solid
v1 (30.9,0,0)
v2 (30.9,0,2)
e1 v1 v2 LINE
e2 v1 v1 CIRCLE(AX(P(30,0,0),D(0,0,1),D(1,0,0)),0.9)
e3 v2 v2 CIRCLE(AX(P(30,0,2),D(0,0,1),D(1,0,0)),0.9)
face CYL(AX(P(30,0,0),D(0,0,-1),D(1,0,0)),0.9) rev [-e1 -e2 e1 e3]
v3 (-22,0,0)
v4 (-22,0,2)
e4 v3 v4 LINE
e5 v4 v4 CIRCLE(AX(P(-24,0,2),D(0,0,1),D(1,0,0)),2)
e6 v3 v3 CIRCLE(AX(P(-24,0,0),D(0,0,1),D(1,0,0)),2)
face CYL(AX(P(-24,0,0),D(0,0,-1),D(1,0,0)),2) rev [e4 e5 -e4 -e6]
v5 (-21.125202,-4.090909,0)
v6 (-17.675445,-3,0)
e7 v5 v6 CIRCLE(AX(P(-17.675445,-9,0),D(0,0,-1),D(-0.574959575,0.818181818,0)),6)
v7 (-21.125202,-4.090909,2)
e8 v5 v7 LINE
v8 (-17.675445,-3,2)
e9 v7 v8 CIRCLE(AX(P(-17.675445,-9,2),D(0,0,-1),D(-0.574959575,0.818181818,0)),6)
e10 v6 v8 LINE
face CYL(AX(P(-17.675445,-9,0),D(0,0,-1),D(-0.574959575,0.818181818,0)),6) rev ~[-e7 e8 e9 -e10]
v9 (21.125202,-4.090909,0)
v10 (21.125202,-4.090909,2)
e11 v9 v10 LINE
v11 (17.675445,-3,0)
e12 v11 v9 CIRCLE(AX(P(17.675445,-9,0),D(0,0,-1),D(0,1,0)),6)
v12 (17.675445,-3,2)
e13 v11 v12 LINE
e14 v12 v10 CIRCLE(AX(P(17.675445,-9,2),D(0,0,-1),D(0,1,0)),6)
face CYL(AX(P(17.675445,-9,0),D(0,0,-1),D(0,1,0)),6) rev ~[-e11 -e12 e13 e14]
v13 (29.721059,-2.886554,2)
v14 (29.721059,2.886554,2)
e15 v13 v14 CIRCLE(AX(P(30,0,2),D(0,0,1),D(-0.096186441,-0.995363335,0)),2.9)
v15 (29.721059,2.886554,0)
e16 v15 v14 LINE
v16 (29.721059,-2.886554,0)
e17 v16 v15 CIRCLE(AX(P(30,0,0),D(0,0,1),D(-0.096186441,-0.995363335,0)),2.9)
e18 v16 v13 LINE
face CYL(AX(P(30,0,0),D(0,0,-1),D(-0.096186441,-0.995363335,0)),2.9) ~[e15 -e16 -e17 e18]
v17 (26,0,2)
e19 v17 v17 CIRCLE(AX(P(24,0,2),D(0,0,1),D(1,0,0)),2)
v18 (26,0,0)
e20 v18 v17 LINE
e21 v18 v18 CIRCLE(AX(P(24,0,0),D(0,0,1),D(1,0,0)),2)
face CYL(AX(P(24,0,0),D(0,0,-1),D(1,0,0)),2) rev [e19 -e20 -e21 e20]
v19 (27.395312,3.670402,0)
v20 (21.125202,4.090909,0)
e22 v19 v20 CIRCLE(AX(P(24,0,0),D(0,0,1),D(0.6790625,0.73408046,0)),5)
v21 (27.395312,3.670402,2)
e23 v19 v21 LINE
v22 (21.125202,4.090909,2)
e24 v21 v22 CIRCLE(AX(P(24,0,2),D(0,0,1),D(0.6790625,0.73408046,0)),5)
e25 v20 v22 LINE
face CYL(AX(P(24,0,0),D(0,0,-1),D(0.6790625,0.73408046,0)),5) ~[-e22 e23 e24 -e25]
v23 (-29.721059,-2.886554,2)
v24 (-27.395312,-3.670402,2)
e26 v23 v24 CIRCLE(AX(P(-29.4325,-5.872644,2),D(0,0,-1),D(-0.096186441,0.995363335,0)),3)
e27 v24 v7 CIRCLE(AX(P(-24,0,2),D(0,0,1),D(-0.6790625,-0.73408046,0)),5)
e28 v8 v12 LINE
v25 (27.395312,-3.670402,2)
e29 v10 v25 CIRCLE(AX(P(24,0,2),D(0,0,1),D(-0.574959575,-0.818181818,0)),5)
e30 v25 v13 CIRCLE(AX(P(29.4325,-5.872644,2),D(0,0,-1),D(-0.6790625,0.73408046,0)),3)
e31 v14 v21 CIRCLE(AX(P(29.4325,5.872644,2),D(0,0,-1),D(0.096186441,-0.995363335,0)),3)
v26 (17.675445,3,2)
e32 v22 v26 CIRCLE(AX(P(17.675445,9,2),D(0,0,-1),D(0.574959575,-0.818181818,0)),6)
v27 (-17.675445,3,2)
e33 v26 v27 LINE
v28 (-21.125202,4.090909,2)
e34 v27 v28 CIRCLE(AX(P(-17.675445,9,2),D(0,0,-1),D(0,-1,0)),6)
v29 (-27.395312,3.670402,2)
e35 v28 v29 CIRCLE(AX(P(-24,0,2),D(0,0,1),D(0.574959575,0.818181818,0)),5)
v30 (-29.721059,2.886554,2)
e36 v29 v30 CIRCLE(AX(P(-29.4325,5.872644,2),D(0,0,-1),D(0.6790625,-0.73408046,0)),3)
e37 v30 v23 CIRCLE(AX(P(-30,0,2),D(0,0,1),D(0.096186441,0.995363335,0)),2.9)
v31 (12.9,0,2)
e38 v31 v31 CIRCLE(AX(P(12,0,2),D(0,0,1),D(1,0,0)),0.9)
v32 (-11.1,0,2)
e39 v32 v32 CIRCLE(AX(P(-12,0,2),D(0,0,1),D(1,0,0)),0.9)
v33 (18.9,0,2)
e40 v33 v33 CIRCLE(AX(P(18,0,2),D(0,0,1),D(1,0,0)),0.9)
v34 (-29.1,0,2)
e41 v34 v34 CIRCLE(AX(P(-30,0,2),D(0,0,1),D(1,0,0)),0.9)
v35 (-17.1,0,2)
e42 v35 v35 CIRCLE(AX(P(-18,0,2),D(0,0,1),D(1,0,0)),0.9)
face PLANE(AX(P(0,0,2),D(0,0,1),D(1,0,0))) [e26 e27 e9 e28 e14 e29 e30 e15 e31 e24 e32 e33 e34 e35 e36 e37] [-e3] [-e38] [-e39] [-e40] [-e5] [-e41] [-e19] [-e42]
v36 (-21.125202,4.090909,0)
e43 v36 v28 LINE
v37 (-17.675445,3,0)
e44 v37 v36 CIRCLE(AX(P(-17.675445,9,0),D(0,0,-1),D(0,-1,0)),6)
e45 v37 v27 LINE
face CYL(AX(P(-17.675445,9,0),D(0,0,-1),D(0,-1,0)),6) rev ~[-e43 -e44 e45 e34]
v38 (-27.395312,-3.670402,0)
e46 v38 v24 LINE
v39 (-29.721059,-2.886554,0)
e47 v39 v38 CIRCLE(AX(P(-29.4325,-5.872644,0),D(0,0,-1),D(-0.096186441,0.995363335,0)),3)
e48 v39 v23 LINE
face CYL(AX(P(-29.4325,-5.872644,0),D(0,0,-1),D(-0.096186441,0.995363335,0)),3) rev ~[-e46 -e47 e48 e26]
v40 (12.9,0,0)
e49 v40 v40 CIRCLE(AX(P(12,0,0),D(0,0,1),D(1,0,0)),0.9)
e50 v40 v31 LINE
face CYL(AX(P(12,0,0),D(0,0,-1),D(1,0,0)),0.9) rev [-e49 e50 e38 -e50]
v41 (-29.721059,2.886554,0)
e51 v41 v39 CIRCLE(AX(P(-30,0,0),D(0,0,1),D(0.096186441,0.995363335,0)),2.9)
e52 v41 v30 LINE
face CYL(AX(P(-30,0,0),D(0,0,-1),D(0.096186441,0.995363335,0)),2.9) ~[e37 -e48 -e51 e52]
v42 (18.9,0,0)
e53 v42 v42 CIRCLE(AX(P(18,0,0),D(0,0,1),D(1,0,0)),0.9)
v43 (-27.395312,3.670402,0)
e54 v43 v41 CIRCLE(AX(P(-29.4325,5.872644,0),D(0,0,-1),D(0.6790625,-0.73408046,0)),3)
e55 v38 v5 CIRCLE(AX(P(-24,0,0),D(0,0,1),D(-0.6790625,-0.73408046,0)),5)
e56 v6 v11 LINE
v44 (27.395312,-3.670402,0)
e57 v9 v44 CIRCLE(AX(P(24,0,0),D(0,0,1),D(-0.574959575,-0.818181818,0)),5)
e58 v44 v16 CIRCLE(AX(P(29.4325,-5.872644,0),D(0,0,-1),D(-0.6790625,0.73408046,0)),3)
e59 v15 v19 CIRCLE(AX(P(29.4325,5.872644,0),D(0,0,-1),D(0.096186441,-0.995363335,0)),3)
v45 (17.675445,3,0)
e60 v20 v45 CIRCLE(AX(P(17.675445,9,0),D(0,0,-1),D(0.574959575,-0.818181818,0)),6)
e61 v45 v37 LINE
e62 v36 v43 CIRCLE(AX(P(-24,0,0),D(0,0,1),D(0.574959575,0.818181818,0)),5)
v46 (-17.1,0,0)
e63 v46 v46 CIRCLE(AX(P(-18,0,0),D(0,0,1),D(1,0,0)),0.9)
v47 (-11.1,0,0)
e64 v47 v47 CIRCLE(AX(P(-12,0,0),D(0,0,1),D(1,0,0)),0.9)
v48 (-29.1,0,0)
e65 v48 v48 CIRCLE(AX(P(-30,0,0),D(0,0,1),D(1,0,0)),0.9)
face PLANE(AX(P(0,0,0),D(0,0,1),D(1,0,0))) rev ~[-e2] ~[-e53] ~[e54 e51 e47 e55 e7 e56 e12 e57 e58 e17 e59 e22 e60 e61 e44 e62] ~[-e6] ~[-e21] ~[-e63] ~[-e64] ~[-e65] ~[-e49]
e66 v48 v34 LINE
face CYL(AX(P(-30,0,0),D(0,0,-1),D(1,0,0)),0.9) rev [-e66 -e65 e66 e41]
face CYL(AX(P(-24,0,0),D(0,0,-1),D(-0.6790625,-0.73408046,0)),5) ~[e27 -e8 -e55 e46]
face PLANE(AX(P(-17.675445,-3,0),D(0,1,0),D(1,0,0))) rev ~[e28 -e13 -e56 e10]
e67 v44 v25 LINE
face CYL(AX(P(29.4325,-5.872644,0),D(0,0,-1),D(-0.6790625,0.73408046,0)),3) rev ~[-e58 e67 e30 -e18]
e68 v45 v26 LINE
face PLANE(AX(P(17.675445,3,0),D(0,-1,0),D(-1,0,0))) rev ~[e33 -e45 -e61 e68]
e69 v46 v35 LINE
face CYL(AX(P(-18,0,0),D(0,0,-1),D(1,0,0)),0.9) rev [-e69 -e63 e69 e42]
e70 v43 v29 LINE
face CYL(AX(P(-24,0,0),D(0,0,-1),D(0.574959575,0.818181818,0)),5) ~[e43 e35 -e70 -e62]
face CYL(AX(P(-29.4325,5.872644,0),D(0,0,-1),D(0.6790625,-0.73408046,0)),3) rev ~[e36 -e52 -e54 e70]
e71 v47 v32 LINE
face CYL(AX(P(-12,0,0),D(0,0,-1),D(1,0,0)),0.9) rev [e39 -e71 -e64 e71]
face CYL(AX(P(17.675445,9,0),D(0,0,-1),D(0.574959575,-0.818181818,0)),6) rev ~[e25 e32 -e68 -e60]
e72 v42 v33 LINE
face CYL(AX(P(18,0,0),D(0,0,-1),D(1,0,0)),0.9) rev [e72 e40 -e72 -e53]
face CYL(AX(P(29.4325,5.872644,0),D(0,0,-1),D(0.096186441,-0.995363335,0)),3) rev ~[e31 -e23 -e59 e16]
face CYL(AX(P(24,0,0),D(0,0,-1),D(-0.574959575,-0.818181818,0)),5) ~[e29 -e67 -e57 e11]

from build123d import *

# Parameters (mm, degrees)
F0_R     = 0.9
F0_R_2   = 2
F1_DEPTH = 2


with BuildPart() as f1:
    # F0 (on Top) → F1 (new body)
    with BuildSketch(Plane.XY):
        with BuildLine():
            Line((-17.6754446797, -3), (0, -3))
            Line((0, -3), (17.6754446797, -3))
            ThreePointArc((17.6754446797, -3), (19.4845127471, -3.2792244645), (21.1252021271, -4.0909090909))
            ThreePointArc((21.1252021271, -4.0909090909), (24.3345748945, -4.9887934052), (27.3953125, -3.6704022978))
            ThreePointArc((27.3953125, -3.6704022978), (28.474361287, -3.0297630587), (29.721059322, -2.8865536715))
            ThreePointArc((29.721059322, -2.8865536715), (32.9, 0), (29.721059322, 2.8865536715))
            ThreePointArc((29.721059322, 2.8865536715), (28.474361287, 3.0297630587), (27.3953125, 3.6704022978))
            ThreePointArc((27.3953125, 3.6704022978), (24.3345748945, 4.9887934052), (21.1252021271, 4.0909090909))
            ThreePointArc((21.1252021271, 4.0909090909), (19.4845127471, 3.2792244645), (17.6754446797, 3))
            Line((17.6754446797, 3), (0, 3))
            Line((0, 3), (-17.6754446797, 3))
            ThreePointArc((-17.6754446797, 3), (-19.4845127471, 3.2792244645), (-21.1252021271, 4.0909090909))
            ThreePointArc((-21.1252021271, 4.0909090909), (-24.3345748945, 4.9887934052), (-27.3953125, 3.6704022978))
            ThreePointArc((-27.3953125, 3.6704022978), (-28.474361287, 3.0297630587), (-29.721059322, 2.8865536715))
            ThreePointArc((-29.721059322, 2.8865536715), (-32.9, 0), (-29.721059322, -2.8865536715))
            ThreePointArc((-29.721059322, -2.8865536715), (-28.474361287, -3.0297630587), (-27.3953125, -3.6704022978))
            ThreePointArc((-27.3953125, -3.6704022978), (-24.3345748945, -4.9887934052), (-21.1252021271, -4.0909090909))
            ThreePointArc((-21.1252021271, -4.0909090909), (-19.4845127471, -3.2792244645), (-17.6754446797, -3))
        make_face()
        with Locations((-30, 0)):
            Circle(F0_R, mode=Mode.SUBTRACT)
        with Locations((-24, 0)):
            Circle(F0_R_2, mode=Mode.SUBTRACT)
        with Locations((-18, 0)):
            Circle(F0_R, mode=Mode.SUBTRACT)
        with Locations((-12, 0)):
            Circle(F0_R, mode=Mode.SUBTRACT)
        with Locations((12, 0)):
            Circle(F0_R, mode=Mode.SUBTRACT)
        with Locations((18, 0)):
            Circle(F0_R, mode=Mode.SUBTRACT)
        with Locations((24, 0)):
            Circle(F0_R_2, mode=Mode.SUBTRACT)
        with Locations((30, 0)):
            Circle(F0_R, mode=Mode.SUBTRACT)
    extrude(amount=F1_DEPTH)


solid = f1.part
